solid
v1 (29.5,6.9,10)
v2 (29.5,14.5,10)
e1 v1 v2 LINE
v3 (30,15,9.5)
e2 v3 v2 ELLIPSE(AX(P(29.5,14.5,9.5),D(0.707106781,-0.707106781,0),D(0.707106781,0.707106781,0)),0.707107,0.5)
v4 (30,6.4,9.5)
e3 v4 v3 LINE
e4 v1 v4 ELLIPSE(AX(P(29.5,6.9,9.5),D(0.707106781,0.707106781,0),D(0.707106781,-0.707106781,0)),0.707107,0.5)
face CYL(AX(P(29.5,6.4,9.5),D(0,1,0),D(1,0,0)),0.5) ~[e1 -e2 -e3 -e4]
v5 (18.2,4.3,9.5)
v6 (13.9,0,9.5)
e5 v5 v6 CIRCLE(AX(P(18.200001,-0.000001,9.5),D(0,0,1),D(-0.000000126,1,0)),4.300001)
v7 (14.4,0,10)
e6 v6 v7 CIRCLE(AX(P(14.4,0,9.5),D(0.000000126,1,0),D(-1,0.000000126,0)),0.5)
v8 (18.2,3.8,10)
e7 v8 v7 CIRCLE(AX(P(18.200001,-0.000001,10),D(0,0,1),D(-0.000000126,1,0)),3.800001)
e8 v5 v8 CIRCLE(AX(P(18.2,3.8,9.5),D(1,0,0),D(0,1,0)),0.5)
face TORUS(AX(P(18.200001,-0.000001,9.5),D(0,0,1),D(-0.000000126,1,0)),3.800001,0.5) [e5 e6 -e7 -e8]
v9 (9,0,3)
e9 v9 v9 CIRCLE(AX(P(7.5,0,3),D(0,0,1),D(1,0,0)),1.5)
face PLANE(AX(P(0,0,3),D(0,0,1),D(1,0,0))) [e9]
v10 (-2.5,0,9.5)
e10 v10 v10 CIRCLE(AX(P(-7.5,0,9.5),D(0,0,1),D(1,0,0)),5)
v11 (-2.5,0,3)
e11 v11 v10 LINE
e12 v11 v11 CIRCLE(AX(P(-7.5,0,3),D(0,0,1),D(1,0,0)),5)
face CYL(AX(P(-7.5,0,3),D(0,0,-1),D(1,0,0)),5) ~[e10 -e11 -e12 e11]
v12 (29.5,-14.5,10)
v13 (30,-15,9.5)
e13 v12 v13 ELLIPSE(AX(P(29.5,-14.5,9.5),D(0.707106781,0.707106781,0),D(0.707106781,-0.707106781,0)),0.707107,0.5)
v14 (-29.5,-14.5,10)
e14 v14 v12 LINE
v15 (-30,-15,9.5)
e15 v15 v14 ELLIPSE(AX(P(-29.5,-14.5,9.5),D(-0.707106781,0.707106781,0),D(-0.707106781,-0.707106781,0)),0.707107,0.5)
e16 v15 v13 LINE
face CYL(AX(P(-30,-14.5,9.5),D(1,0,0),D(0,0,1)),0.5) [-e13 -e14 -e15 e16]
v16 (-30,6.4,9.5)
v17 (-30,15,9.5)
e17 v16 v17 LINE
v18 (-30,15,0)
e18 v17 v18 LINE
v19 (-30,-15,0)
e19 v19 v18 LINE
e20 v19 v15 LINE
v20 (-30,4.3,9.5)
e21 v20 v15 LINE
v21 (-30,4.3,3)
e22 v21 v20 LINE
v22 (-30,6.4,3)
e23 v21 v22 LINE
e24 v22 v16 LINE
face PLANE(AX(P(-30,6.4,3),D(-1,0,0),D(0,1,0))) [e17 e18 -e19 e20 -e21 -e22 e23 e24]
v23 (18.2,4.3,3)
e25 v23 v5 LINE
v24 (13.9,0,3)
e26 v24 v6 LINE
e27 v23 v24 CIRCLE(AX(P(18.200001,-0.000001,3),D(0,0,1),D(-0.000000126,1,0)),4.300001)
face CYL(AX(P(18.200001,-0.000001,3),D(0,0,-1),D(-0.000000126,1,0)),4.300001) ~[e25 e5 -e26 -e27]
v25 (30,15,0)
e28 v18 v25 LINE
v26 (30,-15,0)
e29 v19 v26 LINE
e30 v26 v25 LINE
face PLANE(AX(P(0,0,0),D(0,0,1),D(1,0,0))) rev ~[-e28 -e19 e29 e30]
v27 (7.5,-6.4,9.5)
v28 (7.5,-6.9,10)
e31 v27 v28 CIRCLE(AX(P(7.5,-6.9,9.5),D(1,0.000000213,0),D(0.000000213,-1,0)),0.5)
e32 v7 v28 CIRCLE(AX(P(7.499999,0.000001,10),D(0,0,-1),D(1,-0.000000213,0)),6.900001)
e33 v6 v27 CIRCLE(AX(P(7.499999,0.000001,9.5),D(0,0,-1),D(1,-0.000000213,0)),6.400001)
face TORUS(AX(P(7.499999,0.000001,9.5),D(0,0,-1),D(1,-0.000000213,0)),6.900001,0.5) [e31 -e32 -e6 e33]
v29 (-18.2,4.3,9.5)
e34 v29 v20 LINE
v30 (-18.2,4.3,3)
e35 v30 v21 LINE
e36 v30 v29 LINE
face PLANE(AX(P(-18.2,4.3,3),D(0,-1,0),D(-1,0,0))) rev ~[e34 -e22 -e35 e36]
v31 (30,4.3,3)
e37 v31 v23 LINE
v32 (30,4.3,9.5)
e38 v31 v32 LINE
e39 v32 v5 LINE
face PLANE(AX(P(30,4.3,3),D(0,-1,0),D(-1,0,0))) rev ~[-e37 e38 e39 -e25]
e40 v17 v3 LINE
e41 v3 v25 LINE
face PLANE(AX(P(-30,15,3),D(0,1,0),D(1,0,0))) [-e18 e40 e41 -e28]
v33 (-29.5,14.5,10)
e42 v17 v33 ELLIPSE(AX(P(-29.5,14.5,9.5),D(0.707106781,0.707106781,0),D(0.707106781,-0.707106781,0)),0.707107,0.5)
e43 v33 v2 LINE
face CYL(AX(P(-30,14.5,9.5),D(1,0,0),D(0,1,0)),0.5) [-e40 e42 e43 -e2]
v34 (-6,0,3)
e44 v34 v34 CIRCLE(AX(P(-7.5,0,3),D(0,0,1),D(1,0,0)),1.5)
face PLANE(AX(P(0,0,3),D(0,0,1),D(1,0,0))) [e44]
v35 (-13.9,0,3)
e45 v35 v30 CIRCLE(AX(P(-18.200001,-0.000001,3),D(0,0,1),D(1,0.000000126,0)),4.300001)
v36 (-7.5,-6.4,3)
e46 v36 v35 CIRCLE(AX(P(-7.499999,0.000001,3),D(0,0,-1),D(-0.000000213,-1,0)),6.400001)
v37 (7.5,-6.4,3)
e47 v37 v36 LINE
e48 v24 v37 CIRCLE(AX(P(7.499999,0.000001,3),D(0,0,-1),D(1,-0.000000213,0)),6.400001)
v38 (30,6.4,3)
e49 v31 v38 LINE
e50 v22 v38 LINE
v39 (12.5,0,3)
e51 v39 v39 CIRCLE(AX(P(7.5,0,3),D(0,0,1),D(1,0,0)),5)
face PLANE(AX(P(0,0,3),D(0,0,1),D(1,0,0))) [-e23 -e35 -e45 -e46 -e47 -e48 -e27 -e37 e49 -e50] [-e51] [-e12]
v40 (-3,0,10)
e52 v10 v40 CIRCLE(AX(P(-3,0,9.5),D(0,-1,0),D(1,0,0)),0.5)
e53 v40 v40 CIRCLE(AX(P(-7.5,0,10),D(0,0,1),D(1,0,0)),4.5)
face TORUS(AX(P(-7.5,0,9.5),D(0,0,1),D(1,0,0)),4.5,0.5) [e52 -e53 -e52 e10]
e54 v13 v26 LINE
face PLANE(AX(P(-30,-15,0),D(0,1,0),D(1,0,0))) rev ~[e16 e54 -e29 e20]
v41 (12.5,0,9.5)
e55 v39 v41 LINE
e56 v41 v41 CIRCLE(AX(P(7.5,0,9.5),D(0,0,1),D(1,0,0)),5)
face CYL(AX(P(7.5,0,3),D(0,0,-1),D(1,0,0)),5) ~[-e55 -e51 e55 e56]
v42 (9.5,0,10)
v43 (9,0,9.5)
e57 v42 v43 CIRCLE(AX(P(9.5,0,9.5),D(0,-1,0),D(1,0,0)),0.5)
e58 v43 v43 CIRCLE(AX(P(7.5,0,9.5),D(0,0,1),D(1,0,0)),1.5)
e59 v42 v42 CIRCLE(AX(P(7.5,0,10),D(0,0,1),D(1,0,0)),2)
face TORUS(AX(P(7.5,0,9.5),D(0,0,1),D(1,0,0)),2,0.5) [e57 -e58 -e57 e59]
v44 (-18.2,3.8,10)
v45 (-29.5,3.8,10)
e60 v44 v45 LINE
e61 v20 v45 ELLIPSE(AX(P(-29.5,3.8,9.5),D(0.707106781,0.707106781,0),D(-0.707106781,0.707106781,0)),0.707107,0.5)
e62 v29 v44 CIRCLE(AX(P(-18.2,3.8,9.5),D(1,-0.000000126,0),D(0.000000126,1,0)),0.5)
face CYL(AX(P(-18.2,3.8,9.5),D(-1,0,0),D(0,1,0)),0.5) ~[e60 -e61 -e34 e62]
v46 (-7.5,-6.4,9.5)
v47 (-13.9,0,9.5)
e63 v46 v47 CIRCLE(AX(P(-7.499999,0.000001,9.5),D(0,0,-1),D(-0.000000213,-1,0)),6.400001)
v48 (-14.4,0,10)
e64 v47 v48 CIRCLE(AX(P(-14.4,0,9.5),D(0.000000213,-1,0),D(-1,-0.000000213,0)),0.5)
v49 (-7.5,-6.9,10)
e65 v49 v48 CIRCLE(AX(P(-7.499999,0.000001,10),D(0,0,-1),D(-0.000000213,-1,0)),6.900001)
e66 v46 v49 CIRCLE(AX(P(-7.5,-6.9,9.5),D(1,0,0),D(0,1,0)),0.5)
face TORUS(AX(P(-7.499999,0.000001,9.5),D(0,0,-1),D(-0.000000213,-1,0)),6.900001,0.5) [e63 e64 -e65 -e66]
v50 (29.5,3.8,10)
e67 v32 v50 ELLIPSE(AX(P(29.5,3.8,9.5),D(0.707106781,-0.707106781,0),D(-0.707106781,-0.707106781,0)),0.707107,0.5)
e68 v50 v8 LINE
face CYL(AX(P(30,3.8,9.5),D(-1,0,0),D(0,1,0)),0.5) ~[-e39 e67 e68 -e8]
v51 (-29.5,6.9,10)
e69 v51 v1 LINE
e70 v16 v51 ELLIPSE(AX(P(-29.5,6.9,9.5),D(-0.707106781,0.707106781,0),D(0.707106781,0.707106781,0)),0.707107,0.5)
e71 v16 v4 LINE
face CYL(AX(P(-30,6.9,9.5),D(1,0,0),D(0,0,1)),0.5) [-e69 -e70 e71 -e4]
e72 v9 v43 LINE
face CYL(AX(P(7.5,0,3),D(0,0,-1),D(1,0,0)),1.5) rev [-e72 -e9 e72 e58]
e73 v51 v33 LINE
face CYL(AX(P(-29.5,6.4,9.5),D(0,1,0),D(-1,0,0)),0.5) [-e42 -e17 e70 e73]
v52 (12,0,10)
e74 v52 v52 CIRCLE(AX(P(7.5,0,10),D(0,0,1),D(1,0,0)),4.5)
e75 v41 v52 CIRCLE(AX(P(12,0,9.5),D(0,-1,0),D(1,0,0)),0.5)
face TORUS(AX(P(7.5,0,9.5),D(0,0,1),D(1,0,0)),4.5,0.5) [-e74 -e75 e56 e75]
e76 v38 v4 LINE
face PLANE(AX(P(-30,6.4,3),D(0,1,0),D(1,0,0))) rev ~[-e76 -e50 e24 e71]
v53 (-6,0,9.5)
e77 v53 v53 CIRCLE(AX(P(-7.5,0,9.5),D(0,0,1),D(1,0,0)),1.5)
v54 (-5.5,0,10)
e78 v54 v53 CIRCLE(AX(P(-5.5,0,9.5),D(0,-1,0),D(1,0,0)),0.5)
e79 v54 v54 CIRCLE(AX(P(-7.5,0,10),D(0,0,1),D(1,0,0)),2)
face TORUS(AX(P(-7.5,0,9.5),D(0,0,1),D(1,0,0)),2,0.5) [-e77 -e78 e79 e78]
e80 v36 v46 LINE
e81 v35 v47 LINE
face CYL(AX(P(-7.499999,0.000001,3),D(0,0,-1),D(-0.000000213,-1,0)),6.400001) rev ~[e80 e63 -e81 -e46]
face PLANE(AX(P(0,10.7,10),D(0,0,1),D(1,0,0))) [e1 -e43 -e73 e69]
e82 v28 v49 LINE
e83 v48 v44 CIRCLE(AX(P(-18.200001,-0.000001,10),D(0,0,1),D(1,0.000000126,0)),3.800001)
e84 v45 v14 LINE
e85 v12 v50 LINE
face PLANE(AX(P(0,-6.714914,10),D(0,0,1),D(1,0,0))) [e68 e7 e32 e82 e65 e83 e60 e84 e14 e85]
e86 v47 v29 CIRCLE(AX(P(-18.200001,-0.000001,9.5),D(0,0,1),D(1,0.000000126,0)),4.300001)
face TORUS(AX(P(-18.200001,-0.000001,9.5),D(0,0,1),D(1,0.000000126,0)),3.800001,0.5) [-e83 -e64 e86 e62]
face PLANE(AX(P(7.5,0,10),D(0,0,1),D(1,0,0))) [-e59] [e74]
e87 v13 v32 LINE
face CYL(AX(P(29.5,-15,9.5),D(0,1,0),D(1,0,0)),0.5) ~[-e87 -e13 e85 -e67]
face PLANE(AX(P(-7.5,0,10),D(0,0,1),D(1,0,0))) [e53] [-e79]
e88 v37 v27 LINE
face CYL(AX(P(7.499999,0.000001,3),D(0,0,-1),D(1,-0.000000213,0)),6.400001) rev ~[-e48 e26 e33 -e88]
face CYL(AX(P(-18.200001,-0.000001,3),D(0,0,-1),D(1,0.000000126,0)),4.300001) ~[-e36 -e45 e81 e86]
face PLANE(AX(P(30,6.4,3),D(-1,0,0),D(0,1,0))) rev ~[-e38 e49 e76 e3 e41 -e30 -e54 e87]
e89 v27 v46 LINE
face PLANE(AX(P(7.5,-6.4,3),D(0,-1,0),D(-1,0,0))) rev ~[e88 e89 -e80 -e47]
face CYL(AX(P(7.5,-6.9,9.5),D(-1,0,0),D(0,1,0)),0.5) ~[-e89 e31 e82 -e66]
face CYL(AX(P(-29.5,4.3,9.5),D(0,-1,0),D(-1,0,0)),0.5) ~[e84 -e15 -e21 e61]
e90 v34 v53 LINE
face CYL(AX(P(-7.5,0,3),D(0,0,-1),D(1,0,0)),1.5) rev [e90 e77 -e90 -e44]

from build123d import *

# Parameters (mm, degrees)
F0_W     = 60
F0_H     = 30
F1_DEPTH = 3
F2_W     = 60
F2_H     = 8.6
F2_R     = 5
F2_R_2   = 1.5
F3_DEPTH = 7
F4_R     = 0.5


with BuildPart() as f1:
    # F0 (on Top) → F1 (new body)
    with BuildSketch(Plane.XY):
        Rectangle(F0_W, F0_H)
    extrude(amount=F1_DEPTH)

    # F2 (on face) → F3 (join)
    with BuildSketch(Plane.XY.offset(3)):
        with Locations((0, 10.7)):
            Rectangle(F2_W, F2_H)
        with Locations((-7.5, 0)):
            Circle(F2_R)
        with Locations((-7.5, 0)):
            Circle(F2_R_2, mode=Mode.SUBTRACT)
        with Locations((7.5, 0)):
            Circle(F2_R)
        with Locations((7.5, 0)):
            Circle(F2_R_2, mode=Mode.SUBTRACT)
        with BuildLine():
            Line((-18.2, 4.3), (-30, 4.3))
            Line((-30, 4.3), (-30, -15))
            Line((-30, -15), (30, -15))
            Line((30, -15), (30, 4.3))
            Line((30, 4.3), (18.2, 4.3))
            ThreePointArc((18.2, 4.3), (15.159441, 3.040559), (13.9, 0))
            ThreePointArc((13.9, 0), (12.025483, -4.525483), (7.5, -6.4))
            Line((7.5, -6.4), (-7.5, -6.4))
            ThreePointArc((-7.5, -6.4), (-12.025483, -4.525483), (-13.9, 0))
            ThreePointArc((-13.9, 0), (-15.159441, 3.040559), (-18.2, 4.3))
        make_face()
    extrude(amount=F3_DEPTH)

    # F4
    f4_edges = [f1.edges().sort_by_distance(p)[0] for p in [
        (-15.159441, 3.040559, 10),
        (-24.1, 4.3, 10),
        (-30, -5.35, 10),
        (0, -15, 10),
        (30, -5.35, 10),
        (24.1, 4.3, 10),
        (15.159441, 3.040559, 10),
        (12.025483, -4.525483, 10),
        (0, -6.4, 10),
        (-12.025483, -4.525483, 10),
        (0, 15, 10),
        (-30, 10.7, 10),
        (0, 6.4, 10),
        (30, 10.7, 10),
        (-12.5, 0, 10),
        (-9, 0, 10),
        (2.5, 0, 10),
        (6, 0, 10),
    ]]
    fillet(f4_edges, radius=F4_R)


solid = f1.part
